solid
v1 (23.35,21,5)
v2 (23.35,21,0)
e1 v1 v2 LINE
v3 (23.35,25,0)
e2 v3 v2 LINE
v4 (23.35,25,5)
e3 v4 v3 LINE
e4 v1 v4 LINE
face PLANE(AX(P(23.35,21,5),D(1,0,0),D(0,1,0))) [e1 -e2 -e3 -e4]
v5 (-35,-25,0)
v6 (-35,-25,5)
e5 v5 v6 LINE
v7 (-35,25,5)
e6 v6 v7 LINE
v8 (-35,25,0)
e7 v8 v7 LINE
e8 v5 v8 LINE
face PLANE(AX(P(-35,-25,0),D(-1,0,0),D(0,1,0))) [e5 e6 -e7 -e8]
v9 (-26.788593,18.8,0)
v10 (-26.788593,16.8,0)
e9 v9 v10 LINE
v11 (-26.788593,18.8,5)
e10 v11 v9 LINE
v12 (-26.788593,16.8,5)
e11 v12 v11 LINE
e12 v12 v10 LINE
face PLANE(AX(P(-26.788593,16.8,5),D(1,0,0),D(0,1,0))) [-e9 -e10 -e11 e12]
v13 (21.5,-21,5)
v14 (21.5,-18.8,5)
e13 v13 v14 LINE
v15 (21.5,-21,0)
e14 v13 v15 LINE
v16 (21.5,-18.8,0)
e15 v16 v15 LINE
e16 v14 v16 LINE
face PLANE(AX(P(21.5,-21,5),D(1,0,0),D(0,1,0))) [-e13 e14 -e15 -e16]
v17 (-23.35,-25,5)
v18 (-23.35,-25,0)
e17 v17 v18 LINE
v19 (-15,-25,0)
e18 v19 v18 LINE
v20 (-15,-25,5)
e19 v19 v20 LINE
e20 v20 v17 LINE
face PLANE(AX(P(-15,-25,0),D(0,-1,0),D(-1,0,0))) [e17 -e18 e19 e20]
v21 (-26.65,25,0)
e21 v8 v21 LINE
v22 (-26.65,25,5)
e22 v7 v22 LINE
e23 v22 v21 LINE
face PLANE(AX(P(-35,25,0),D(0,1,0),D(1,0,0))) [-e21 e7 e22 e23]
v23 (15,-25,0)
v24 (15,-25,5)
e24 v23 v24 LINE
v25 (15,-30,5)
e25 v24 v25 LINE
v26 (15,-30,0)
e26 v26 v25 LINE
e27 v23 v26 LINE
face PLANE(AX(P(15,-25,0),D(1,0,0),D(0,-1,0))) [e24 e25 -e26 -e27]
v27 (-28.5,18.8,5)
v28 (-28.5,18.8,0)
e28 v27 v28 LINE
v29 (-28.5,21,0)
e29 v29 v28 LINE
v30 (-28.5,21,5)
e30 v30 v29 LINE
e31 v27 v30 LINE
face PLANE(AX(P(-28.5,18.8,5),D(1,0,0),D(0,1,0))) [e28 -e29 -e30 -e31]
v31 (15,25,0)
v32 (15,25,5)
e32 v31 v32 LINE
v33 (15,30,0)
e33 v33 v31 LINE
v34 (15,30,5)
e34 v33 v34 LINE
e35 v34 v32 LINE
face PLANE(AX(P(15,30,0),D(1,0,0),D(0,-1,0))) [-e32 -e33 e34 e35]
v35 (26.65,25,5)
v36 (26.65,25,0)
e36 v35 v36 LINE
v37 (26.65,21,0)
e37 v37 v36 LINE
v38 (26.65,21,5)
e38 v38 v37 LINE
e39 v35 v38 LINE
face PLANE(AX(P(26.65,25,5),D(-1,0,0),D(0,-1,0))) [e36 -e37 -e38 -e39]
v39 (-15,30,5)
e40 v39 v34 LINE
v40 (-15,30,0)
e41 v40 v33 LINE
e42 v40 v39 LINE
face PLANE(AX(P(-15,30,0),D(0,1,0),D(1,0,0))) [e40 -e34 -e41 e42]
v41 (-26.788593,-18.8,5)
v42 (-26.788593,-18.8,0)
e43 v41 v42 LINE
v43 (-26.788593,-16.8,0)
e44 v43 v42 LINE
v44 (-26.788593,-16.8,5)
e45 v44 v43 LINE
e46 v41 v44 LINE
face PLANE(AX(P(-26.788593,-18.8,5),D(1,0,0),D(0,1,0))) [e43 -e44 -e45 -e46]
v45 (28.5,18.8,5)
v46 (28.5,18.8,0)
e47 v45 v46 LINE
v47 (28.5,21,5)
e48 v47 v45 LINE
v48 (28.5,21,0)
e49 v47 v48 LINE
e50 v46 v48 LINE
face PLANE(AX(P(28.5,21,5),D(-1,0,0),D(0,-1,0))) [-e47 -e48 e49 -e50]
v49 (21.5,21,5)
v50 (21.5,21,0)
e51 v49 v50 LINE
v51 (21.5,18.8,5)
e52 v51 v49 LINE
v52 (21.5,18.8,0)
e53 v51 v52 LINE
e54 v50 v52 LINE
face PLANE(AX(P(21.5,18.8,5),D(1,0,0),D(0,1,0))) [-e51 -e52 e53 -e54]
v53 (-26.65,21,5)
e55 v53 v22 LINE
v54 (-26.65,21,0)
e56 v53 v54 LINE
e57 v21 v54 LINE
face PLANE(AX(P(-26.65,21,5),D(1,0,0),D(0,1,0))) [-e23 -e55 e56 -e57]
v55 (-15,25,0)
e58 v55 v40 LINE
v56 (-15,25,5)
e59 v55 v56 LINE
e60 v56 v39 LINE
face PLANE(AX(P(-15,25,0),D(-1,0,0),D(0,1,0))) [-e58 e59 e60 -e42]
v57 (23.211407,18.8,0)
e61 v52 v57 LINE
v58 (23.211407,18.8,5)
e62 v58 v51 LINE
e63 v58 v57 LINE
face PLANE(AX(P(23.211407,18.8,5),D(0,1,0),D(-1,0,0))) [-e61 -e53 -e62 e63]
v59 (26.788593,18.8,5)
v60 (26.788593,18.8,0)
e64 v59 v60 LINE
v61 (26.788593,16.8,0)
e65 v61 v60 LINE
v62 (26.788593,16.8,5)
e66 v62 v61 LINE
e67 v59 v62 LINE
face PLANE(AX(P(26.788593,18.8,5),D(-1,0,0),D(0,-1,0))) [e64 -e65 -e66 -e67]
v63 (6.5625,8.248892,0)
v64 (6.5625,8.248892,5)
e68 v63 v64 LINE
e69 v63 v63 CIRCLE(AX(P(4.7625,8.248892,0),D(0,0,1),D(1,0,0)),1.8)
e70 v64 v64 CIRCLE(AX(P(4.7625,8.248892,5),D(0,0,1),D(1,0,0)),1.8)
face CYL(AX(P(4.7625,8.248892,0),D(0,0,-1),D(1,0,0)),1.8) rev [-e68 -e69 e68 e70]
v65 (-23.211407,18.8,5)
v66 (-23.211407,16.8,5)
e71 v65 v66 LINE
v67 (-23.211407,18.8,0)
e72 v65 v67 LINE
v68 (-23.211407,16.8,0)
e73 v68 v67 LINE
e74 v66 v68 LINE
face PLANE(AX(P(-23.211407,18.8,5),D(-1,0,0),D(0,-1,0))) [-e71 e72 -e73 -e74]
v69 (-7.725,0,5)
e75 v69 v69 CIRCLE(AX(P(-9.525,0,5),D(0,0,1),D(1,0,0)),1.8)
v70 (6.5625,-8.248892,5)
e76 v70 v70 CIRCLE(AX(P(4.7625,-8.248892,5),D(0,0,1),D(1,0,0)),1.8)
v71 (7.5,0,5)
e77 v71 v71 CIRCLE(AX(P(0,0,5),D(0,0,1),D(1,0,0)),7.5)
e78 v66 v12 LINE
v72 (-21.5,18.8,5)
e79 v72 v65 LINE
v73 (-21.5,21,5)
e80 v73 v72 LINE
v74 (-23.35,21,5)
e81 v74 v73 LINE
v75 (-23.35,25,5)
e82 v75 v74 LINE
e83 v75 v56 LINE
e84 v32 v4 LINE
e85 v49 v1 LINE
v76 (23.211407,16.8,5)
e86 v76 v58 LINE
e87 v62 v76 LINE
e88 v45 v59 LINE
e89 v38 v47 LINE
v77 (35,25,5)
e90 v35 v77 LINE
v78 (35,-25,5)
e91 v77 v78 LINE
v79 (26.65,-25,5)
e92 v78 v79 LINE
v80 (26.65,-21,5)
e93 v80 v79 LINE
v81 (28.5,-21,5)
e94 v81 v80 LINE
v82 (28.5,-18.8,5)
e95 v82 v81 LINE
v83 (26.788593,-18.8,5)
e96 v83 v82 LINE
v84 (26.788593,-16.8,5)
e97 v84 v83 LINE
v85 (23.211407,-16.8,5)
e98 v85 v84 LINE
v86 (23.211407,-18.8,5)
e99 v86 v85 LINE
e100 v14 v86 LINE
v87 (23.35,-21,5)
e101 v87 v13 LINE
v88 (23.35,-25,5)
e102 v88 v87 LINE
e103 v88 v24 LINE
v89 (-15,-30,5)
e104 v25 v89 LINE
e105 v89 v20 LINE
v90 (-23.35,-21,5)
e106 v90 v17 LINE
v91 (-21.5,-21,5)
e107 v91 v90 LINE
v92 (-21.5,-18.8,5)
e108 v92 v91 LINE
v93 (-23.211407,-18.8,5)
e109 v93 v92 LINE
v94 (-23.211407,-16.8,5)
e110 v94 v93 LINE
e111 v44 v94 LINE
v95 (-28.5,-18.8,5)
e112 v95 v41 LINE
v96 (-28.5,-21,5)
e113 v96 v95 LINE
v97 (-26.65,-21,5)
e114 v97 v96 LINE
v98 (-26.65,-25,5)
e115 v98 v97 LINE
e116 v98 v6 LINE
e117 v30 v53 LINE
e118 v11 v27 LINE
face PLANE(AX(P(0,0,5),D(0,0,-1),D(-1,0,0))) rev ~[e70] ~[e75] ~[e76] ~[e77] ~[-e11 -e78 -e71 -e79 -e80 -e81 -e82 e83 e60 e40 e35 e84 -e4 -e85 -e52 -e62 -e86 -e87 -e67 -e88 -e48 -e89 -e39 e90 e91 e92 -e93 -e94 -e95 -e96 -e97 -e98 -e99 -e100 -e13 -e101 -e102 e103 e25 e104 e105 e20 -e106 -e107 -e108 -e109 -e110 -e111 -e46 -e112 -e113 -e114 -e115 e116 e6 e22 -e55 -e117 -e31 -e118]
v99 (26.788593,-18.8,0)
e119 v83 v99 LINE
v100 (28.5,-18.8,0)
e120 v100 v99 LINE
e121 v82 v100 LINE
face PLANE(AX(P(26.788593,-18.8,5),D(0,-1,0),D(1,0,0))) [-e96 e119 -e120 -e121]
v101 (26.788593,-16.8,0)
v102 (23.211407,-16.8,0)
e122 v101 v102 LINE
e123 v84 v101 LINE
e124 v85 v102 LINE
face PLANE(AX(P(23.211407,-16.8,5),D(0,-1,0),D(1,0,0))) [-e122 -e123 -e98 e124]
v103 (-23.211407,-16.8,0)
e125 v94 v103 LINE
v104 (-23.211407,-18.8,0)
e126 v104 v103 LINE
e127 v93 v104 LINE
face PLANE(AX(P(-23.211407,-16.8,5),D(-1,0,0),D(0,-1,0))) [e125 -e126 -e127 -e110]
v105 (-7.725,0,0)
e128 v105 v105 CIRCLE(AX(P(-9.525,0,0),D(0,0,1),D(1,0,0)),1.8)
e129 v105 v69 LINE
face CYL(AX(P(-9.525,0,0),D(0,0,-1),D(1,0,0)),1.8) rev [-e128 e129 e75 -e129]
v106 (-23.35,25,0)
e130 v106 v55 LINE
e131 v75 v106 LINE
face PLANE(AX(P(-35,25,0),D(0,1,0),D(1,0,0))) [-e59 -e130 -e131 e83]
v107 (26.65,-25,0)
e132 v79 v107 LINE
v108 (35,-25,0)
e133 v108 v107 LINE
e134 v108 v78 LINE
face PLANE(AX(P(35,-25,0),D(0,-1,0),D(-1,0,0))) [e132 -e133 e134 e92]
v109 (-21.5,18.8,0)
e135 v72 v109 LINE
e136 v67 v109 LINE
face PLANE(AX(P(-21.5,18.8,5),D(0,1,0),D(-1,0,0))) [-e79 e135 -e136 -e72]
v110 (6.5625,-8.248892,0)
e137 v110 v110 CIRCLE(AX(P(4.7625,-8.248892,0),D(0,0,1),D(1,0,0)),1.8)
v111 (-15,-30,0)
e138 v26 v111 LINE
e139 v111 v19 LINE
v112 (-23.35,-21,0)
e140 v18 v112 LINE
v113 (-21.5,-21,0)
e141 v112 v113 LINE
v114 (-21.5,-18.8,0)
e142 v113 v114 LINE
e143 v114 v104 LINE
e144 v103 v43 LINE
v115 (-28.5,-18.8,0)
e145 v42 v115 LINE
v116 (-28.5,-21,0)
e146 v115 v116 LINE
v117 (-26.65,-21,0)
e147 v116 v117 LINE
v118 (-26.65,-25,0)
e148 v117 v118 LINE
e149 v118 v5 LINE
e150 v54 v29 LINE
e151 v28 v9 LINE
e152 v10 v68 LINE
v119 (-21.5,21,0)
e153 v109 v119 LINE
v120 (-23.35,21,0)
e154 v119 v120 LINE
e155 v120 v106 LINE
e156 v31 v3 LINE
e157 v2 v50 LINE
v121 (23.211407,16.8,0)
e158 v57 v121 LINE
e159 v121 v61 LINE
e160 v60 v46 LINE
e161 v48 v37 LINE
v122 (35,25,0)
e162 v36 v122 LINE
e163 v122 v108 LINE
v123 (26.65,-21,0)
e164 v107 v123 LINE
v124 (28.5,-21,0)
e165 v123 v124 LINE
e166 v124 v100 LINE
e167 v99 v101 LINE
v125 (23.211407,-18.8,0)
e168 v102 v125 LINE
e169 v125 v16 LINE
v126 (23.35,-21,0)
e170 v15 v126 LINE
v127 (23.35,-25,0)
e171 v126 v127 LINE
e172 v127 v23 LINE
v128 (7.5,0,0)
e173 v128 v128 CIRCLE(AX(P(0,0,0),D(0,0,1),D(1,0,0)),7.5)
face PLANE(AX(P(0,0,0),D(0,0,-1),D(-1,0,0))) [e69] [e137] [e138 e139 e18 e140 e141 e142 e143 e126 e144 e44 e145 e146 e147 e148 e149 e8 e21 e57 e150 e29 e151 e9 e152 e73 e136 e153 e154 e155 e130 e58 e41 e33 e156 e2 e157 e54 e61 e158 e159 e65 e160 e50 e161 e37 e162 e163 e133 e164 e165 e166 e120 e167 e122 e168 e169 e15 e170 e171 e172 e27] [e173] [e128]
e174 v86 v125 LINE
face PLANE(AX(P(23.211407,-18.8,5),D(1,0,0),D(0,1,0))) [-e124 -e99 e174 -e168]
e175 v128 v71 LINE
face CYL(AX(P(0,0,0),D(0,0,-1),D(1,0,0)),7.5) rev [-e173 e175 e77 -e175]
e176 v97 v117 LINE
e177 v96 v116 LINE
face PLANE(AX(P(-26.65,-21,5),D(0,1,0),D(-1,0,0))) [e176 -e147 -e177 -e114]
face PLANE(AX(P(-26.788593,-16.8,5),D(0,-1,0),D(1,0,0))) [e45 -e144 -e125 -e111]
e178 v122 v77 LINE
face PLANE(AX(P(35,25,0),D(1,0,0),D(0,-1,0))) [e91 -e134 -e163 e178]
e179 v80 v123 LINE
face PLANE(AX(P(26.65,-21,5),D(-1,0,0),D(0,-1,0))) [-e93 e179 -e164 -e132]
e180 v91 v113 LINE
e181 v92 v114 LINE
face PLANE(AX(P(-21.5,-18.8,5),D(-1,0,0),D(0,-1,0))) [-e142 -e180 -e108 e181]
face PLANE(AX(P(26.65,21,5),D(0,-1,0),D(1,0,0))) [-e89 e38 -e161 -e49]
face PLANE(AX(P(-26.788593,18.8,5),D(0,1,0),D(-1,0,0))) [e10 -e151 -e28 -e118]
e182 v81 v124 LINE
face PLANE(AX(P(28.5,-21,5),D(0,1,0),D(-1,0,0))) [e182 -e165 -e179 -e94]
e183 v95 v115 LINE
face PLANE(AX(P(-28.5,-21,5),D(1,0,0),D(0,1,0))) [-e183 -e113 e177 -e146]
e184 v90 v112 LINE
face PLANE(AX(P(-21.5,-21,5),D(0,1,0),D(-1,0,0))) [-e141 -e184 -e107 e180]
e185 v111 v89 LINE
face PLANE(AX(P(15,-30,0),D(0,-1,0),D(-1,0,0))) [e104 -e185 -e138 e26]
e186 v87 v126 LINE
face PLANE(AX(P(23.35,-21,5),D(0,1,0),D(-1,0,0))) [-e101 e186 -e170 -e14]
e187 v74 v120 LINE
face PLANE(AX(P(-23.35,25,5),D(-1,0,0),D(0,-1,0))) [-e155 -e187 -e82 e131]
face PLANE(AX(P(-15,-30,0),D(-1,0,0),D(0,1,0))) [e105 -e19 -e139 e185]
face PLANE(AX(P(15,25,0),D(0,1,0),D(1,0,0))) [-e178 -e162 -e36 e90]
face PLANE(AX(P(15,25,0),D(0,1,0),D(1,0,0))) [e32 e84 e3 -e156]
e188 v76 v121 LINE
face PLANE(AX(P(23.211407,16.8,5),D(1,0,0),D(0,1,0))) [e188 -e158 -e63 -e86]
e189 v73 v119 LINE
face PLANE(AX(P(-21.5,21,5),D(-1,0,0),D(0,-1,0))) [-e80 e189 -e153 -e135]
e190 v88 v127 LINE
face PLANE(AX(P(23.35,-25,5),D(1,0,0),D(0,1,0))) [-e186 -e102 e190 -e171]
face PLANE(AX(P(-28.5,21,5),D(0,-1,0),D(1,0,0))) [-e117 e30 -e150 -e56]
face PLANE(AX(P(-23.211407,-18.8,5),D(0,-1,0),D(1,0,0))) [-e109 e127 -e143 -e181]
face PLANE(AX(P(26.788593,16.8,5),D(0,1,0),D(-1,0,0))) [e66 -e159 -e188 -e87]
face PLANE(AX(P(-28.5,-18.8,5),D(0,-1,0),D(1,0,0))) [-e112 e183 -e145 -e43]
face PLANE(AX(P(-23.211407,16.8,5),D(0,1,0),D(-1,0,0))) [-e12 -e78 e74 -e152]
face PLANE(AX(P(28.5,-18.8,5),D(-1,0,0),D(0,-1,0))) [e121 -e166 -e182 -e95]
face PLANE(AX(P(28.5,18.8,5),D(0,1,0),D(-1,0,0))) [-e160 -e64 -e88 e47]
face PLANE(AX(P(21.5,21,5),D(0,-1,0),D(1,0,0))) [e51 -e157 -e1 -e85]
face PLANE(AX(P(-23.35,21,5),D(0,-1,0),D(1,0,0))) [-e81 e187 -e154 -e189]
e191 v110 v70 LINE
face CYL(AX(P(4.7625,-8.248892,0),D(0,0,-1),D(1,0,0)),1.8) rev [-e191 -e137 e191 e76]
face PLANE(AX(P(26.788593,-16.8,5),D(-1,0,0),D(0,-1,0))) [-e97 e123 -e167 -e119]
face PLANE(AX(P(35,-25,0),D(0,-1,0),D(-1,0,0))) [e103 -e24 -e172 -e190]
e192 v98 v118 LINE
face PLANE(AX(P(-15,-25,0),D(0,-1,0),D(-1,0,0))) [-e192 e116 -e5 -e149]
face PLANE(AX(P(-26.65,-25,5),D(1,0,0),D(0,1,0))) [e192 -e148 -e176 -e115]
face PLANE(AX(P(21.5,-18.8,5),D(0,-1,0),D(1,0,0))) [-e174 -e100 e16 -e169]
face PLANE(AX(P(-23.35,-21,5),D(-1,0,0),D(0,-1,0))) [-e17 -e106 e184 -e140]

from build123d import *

# Parameters (mm, degrees)
SKETCH1_R           = 7.5
SKETCH1_R_2         = 1.8
BOSS_EXTRUDE1_DEPTH = 5
CUT_EXTRUDE1_DEPTH  = 6


with BuildPart() as part:
    # Sketch1 → Boss-Extrude1 (new body)
    with BuildSketch(Plane.XY):
        Polygon((-15, 30), (15, 30), (15, 25), (35, 25), (35, -25), (15, -25), (15, -30), (-15, -30), (-15, -25), (-35, -25), (-35, 25), (-15, 25), align=None)
        Circle(SKETCH1_R, mode=Mode.SUBTRACT)
        with Locations((4.7625, -8.248891971)):
            Circle(SKETCH1_R_2, mode=Mode.SUBTRACT)
        with Locations((-9.525, 0)):
            Circle(SKETCH1_R_2, mode=Mode.SUBTRACT)
        with Locations((4.7625, 8.248891971)):
            Circle(SKETCH1_R_2, mode=Mode.SUBTRACT)
    extrude(amount=BOSS_EXTRUDE1_DEPTH)

    # Sketch3 → Cut-Extrude1 (cut, through all)
    with BuildSketch(Plane.XY.offset(5)):
        Polygon((26.65, 25), (26.65, 21), (28.5, 21), (28.5, 18.8), (26.78859304, 18.8), (26.78859304, 16.8), (23.21140696, 16.8), (23.21140696, 18.8), (21.5, 18.8), (21.5, 21), (23.35, 21), (23.35, 25), align=None)
        Polygon((-23.35, 25), (-23.35, 21), (-21.5, 21), (-21.5, 18.8), (-23.21140696, 18.8), (-23.21140696, 16.8), (-26.78859304, 16.8), (-26.78859304, 18.8), (-28.5, 18.8), (-28.5, 21), (-26.65, 21), (-26.65, 25), align=None)
        Polygon((-26.65, -25), (-26.65, -21), (-28.5, -21), (-28.5, -18.8), (-26.78859304, -18.8), (-26.78859304, -16.8), (-23.21140696, -16.8), (-23.21140696, -18.8), (-21.5, -18.8), (-21.5, -21), (-23.35, -21), (-23.35, -25), align=None)
        Polygon((23.35, -25), (23.35, -21), (21.5, -21), (21.5, -18.8), (23.21140696, -18.8), (23.21140696, -16.8), (26.78859304, -16.8), (26.78859304, -18.8), (28.5, -18.8), (28.5, -21), (26.65, -21), (26.65, -25), align=None)
    extrude(amount=-CUT_EXTRUDE1_DEPTH, mode=Mode.SUBTRACT)


solid = part.part
